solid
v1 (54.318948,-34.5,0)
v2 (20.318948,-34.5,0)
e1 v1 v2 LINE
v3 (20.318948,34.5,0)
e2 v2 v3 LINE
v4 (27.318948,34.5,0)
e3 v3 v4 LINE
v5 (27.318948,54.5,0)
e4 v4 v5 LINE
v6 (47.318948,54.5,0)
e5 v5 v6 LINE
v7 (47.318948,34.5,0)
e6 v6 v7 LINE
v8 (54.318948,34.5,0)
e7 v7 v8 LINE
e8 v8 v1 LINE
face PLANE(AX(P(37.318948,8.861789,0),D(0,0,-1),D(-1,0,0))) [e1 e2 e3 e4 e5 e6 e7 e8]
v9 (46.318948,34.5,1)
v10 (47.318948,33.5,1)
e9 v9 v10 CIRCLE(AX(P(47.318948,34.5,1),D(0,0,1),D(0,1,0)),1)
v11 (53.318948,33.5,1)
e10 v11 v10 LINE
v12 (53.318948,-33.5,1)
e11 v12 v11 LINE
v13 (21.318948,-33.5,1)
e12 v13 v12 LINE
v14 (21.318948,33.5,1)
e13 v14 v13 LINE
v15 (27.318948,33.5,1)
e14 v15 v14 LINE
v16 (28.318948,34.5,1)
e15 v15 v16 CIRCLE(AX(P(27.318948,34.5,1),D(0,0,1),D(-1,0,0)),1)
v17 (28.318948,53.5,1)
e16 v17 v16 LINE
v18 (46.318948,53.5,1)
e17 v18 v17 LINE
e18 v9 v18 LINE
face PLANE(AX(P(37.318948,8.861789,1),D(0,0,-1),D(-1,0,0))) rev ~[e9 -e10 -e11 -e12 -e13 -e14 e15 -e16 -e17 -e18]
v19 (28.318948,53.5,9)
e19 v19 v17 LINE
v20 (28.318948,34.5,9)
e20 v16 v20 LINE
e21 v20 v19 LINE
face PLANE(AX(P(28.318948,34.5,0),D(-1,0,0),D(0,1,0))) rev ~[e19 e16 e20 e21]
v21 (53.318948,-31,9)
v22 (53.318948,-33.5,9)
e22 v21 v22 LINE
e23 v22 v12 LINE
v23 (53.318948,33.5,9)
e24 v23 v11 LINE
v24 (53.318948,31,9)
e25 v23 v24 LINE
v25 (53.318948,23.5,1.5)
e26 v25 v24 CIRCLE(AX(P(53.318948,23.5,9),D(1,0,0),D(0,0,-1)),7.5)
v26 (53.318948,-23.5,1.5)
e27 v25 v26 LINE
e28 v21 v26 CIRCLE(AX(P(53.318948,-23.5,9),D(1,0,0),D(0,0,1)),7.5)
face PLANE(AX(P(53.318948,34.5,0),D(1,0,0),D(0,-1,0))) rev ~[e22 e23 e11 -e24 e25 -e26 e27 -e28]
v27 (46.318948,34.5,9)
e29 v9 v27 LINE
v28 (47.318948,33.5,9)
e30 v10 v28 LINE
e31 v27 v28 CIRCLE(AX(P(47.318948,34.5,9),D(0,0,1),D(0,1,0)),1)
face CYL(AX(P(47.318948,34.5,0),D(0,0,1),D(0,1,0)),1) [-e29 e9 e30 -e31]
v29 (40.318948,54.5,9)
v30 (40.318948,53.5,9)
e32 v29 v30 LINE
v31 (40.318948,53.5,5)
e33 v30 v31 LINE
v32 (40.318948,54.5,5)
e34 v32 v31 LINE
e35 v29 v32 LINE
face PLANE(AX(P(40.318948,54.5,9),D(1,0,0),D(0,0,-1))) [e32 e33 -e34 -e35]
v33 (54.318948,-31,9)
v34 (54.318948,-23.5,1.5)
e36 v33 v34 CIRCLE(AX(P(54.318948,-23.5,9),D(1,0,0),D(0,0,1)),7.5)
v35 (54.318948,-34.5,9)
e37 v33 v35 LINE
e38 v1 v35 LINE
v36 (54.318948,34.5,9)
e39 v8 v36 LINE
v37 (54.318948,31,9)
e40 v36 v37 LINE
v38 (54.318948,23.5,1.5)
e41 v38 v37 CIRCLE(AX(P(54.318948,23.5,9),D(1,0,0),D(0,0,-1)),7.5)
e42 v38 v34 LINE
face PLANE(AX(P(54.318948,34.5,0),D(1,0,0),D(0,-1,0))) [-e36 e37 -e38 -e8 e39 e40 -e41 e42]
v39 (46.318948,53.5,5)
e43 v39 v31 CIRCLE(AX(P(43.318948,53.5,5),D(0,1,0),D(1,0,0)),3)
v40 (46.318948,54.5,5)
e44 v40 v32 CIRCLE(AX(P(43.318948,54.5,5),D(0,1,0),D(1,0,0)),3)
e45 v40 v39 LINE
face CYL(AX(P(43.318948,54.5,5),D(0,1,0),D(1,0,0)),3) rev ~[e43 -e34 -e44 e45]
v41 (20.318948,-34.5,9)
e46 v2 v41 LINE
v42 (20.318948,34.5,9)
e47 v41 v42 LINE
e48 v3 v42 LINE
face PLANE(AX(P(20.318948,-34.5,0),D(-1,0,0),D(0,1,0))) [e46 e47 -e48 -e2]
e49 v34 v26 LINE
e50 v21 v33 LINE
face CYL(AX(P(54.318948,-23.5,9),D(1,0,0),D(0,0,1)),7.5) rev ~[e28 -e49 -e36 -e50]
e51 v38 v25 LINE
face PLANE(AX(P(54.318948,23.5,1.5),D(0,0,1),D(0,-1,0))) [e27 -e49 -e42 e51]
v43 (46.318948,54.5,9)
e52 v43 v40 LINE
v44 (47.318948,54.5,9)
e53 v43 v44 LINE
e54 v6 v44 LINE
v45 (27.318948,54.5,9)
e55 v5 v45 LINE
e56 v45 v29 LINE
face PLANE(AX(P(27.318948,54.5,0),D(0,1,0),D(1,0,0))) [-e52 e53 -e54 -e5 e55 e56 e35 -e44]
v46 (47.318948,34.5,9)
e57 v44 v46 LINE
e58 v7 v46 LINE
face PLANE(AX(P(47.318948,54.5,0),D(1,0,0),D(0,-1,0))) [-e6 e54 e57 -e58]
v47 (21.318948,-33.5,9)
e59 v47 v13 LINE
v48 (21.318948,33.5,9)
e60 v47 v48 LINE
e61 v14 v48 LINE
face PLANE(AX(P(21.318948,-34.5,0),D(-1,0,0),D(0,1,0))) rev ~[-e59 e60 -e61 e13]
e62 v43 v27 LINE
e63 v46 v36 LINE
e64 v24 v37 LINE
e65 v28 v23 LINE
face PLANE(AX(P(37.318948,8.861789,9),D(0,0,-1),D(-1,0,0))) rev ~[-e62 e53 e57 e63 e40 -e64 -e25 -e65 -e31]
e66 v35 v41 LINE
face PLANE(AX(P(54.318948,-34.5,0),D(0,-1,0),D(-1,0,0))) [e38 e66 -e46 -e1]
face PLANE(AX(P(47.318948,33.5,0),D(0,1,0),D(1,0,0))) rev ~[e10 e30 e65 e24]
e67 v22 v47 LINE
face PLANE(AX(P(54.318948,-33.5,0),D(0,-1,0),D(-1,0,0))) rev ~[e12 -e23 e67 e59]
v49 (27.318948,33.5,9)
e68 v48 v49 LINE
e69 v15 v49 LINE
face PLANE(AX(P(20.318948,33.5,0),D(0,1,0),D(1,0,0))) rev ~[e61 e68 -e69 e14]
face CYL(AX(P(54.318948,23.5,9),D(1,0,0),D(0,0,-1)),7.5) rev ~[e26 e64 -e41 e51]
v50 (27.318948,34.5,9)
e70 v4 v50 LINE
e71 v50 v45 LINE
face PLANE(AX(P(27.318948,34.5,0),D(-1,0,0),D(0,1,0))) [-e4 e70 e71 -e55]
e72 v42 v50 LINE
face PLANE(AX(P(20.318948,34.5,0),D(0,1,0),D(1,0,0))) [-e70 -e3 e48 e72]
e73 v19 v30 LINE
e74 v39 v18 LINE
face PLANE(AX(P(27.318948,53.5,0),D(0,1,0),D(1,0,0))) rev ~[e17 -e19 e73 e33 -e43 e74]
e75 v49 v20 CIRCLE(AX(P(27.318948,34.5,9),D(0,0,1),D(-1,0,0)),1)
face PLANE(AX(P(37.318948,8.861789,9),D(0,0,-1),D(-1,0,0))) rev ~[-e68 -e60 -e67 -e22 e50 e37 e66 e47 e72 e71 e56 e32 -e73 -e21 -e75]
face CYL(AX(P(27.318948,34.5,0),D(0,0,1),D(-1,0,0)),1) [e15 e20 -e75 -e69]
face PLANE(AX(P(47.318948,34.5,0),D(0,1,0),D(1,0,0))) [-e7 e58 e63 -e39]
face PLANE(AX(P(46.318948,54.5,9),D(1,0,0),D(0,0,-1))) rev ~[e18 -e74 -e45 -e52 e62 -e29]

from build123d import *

# Parameters (mm, degrees)
PAD005_DEPTH    = 9
THICKNESS001_T  = -1
POCKET003_DEPTH = 1
POCKET004_DEPTH = 1


with BuildPart() as part:
    # Sketch008 → Pad005 (new body)
    with BuildSketch(Plane.XY):
        Polygon((20.318948, 34.5), (27.318948, 34.5), (27.318948, 54.5), (47.318948, 54.5), (47.318948, 34.5), (54.318948, 34.5), (54.318948, -34.5), (20.318948, -34.5), align=None)
    extrude(amount=PAD005_DEPTH)

    # Thickness001
    thickness001_openings = [part.faces().sort_by_distance(p)[0] for p in [
        (37.318948, 6.482156, 9),
    ]]
    offset(amount=THICKNESS001_T, openings=thickness001_openings)

    # Sketch009 (on Face3 of Thickness001) → Pocket003 (cut)
    with BuildSketch(Plane(origin=(0, 54.5, 0), x_dir=(-1, 0, 0), z_dir=(0, 1, 0))):
        with BuildLine():
            ThreePointArc((-40.318948, 9), (-43.318948, 12), (-46.318948, 9))
            Line((-46.318948, 9), (-46.318948, 5))
            ThreePointArc((-46.318948, 5), (-43.318948, 2), (-40.318948, 5))
            Line((-40.318948, 9), (-40.318948, 5))
        make_face()
    extrude(amount=-POCKET003_DEPTH, mode=Mode.SUBTRACT)

    # Sketch010 (on Face10 of Pocket003) → Pocket004 (cut)
    with BuildSketch(Plane.YZ.offset(54.318948)):
        with BuildLine():
            ThreePointArc((23.5, 1.5), (31, 9), (23.5, 16.5))
            Line((23.5, 16.5), (-23.5, 16.5))
            ThreePointArc((-23.5, 16.5), (-31, 9), (-23.5, 1.5))
            Line((23.5, 1.5), (-23.5, 1.5))
        make_face()
    extrude(amount=-POCKET004_DEPTH, mode=Mode.SUBTRACT)


solid = part.part
